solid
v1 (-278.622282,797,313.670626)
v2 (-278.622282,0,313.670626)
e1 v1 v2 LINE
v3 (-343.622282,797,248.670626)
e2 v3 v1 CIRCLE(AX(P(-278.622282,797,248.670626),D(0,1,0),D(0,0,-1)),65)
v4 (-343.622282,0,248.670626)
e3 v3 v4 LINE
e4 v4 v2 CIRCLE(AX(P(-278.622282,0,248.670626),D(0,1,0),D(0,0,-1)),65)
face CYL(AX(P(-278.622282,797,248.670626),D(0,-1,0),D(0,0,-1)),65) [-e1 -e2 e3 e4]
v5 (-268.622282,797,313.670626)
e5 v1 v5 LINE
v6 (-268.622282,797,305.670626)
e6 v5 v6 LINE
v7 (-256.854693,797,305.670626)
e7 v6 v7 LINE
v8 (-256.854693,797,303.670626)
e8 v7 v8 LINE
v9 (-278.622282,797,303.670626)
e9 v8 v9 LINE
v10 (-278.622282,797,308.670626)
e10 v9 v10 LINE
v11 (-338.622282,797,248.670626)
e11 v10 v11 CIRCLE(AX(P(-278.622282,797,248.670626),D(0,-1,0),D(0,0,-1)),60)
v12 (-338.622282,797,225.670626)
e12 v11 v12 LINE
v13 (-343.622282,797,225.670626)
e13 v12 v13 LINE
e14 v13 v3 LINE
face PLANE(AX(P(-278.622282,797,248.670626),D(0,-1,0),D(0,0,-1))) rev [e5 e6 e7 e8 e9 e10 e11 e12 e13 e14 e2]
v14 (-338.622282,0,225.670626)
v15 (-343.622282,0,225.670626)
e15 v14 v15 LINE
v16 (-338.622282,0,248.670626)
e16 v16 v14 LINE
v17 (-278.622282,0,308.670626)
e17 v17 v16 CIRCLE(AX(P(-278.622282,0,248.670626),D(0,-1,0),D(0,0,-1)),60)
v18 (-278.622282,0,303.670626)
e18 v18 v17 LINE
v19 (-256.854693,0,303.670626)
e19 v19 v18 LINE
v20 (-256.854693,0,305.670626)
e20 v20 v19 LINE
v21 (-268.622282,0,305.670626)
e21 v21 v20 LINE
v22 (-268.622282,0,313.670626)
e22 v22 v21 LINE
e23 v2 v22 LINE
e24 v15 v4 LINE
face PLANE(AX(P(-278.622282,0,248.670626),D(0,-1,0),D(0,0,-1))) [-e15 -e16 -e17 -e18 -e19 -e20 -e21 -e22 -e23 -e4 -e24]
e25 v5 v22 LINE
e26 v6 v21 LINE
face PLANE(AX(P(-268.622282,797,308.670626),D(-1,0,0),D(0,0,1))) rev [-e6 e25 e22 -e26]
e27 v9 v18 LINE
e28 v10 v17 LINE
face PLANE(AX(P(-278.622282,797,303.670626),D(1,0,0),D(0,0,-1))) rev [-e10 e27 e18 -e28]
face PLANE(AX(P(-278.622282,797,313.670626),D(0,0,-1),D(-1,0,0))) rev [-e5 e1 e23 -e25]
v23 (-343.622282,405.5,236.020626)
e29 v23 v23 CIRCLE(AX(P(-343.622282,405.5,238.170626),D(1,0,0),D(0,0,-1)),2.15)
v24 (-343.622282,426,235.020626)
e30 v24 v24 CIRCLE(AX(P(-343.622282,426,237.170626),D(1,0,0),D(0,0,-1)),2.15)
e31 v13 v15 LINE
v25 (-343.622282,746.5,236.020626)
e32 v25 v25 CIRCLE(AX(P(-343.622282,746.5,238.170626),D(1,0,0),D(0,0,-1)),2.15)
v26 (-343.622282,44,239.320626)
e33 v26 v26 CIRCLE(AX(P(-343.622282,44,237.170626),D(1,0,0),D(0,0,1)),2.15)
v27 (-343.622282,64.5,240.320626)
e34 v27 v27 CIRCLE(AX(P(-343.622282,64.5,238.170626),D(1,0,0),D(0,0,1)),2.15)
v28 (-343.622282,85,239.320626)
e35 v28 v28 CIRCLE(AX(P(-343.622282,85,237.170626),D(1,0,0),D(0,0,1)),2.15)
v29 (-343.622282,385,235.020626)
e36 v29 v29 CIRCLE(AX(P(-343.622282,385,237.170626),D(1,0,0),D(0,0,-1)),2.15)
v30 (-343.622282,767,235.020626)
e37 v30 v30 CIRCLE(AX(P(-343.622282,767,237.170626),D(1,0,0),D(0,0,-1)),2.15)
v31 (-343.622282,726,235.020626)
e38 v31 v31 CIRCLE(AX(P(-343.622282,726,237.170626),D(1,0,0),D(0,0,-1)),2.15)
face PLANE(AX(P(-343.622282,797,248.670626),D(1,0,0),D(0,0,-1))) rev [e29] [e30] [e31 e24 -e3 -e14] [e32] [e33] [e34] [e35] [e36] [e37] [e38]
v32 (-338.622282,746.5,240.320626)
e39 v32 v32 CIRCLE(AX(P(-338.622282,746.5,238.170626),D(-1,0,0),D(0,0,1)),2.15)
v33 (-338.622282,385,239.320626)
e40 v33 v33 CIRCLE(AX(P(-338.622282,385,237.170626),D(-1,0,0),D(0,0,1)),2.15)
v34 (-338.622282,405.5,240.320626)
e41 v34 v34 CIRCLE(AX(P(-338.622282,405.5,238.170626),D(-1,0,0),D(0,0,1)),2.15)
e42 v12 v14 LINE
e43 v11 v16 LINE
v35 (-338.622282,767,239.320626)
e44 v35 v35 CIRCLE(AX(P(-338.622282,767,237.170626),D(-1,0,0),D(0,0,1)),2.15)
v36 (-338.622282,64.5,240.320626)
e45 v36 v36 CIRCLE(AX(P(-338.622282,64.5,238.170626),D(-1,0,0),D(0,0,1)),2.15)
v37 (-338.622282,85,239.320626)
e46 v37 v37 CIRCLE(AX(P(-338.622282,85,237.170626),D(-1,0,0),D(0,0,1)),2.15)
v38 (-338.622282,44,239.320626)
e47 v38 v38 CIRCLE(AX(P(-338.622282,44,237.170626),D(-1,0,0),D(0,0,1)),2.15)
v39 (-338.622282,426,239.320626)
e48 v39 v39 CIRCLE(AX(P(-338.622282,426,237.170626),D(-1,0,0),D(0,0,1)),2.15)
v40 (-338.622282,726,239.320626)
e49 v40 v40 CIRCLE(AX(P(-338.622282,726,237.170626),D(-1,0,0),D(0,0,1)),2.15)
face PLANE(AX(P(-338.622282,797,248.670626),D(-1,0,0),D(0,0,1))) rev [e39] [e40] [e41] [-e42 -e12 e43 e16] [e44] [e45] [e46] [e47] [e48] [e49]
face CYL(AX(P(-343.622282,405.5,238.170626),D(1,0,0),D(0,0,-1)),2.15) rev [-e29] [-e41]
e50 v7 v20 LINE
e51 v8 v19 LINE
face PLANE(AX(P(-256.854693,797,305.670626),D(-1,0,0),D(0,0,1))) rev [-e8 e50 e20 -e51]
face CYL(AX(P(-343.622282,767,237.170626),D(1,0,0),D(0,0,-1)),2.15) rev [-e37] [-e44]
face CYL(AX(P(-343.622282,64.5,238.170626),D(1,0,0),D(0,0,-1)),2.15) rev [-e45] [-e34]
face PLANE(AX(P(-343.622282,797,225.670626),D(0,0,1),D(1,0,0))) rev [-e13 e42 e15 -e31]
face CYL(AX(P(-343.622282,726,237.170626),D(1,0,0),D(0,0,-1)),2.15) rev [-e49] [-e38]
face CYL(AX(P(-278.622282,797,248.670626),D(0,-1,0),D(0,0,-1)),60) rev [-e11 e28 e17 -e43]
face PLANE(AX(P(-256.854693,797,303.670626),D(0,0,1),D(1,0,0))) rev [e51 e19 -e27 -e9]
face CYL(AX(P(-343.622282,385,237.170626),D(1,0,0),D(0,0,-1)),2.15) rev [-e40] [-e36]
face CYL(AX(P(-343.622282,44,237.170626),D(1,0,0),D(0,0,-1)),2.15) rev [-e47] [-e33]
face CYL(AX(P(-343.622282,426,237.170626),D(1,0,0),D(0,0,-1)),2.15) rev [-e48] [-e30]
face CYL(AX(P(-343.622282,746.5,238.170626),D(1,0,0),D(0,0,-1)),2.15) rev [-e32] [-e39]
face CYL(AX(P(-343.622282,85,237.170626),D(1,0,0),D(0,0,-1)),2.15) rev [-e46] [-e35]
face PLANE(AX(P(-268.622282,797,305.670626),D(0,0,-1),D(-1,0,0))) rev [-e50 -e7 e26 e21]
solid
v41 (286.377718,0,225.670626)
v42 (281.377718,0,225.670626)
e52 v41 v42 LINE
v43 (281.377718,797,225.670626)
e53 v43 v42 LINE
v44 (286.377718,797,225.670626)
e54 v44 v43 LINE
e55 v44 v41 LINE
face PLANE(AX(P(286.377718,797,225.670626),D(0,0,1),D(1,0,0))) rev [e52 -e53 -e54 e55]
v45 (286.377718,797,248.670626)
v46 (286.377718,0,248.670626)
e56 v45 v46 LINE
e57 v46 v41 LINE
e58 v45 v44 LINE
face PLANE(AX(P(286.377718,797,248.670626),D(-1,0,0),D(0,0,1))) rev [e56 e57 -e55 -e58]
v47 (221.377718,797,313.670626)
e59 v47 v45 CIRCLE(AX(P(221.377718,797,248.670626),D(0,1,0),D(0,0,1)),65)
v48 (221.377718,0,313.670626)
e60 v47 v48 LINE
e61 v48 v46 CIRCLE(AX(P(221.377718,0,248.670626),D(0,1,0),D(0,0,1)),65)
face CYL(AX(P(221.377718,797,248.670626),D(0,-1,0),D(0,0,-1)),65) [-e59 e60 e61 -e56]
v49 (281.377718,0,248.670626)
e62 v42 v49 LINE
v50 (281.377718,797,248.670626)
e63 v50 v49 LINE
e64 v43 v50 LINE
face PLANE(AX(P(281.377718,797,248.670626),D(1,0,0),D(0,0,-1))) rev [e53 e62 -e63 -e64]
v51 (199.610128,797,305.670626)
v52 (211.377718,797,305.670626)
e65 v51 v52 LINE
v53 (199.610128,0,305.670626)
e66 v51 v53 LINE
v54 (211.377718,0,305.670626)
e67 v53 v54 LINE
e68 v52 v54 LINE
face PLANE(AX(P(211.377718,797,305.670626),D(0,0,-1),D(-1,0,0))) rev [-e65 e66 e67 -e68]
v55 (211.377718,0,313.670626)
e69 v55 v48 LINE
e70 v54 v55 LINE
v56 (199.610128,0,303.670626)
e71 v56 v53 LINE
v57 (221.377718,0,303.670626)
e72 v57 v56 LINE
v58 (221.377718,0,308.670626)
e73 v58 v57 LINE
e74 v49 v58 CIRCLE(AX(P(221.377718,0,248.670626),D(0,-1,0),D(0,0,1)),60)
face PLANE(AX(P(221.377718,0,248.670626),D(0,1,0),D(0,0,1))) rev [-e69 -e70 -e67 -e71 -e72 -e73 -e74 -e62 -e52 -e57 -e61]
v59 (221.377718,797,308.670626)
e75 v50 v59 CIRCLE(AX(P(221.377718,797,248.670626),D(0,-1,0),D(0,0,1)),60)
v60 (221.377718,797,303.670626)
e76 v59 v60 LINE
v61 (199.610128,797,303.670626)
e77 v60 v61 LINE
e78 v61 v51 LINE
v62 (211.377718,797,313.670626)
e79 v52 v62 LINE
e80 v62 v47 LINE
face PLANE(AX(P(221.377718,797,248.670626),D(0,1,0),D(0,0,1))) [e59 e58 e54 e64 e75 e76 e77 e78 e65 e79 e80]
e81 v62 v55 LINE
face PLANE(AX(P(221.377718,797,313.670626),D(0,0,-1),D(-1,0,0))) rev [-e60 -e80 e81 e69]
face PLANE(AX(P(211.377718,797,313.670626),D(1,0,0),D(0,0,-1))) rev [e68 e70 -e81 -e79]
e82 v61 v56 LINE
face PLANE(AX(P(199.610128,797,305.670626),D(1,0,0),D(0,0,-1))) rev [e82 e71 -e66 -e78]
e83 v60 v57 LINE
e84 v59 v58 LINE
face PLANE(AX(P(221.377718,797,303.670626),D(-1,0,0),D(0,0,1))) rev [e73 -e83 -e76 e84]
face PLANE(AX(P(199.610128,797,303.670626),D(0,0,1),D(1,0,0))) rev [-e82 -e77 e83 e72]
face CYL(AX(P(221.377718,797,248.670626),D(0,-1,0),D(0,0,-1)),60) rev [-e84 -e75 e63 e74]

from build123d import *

# Parameters (mm, degrees)
EXTRUDE_1_DEPTH          = 797
EXTRUDE_1_2_DEPTH        = 797
CUT_EXTRUDE_1_DEPTH      = 20
CUT_EXTRUDE_1_DEPTH_BACK = 1061.29395051
SKETCH_3_R               = 2.15


with BuildPart() as part:
    # 草图2 → 凸台-拉伸1 (new body)
    with BuildSketch(Plane(origin=(0, 0, 0), x_dir=(1, 0, 0), z_dir=(0, 1, 0))):
        with BuildLine():
            Line((-278.622282089, -303.670625798), (-278.622282089, -308.670625798))
            ThreePointArc((-278.622282089, -308.670625798), (-321.04868896, -291.097032669), (-338.622282089, -248.670625798))
            Line((-338.622282089, -248.670625798), (-338.622282089, -225.670625798))
            Line((-338.622282089, -225.670625798), (-343.622282089, -225.670625798))
            Line((-343.622282089, -225.670625798), (-343.622282089, -248.670625798))
            ThreePointArc((-343.622282089, -248.670625798), (-324.584222866, -294.632566575), (-278.622282089, -313.670625798))
            Line((-278.622282089, -313.670625798), (-268.622282089, -313.670625798))
            Line((-268.622282089, -313.670625798), (-268.622282089, -308.670625798))
            Line((-268.622282089, -308.670625798), (-268.622282089, -305.670625798))
            Line((-268.622282089, -305.670625798), (-256.854692605, -305.670625798))
            Line((-256.854692605, -305.670625798), (-256.854692605, -303.670625798))
            Line((-256.854692605, -303.670625798), (-278.622282089, -303.670625798))
        make_face()
    extrude(amount=EXTRUDE_1_DEPTH)

    # 草图3 → 切除-拉伸1 (cut, two sides: drawn at the far end of the back side and taken through both)
    with BuildSketch(Plane(origin=(-338.622282089, 0, 0), x_dir=(0, 0, -1), z_dir=(1, 0, 0)).offset(-CUT_EXTRUDE_1_DEPTH_BACK)):
        with Locations((-237.170625798, 767)):
            Circle(SKETCH_3_R)
        with Locations((-238.170625798, 746.5)):
            Circle(SKETCH_3_R)
        with Locations((-237.170625798, 726)):
            Circle(SKETCH_3_R)
        with Locations(Location((-237.170625798, 85, 0), (0, 0, 180))):
            Circle(SKETCH_3_R)
        with Locations(Location((-238.170625798, 64.5, 0), (0, 0, 180))):
            Circle(SKETCH_3_R)
        with Locations(Location((-237.170625798, 44, 0), (0, 0, 180))):
            Circle(SKETCH_3_R)
        with Locations((-237.170625798, 426)):
            Circle(SKETCH_3_R)
        with Locations((-238.170625798, 405.5)):
            Circle(SKETCH_3_R)
        with Locations((-237.170625798, 385)):
            Circle(SKETCH_3_R)
    extrude(amount=CUT_EXTRUDE_1_DEPTH + CUT_EXTRUDE_1_DEPTH_BACK, mode=Mode.SUBTRACT)


with BuildPart() as body_2:
    # 草图2 → Extrude 1 2 (new body)
    with BuildSketch(Plane(origin=(0, 0, 0), x_dir=(1, 0, 0), z_dir=(0, 1, 0))):
        with BuildLine():
            Line((281.377717911, -248.670625798), (281.377717911, -225.670625798))
            Line((281.377717911, -225.670625798), (286.377717911, -225.670625798))
            Line((286.377717911, -225.670625798), (286.377717911, -248.670625798))
            ThreePointArc((286.377717911, -248.670625798), (267.339658688, -294.632566575), (221.377717911, -313.670625798))
            Line((221.377717911, -313.670625798), (211.377717911, -313.670625798))
            Line((211.377717911, -313.670625798), (211.377717911, -308.670625798))
            Line((211.377717911, -308.670625798), (211.377717911, -305.670625798))
            Line((211.377717911, -305.670625798), (199.610128426, -305.670625798))
            Line((199.610128426, -305.670625798), (199.610128426, -303.670625798))
            Line((199.610128426, -303.670625798), (221.377717911, -303.670625798))
            Line((221.377717911, -303.670625798), (221.377717911, -308.670625798))
            ThreePointArc((221.377717911, -308.670625798), (263.804124782, -291.097032669), (281.377717911, -248.670625798))
        make_face()
    extrude(amount=EXTRUDE_1_2_DEPTH)


solid = Compound([part.part, body_2.part])
